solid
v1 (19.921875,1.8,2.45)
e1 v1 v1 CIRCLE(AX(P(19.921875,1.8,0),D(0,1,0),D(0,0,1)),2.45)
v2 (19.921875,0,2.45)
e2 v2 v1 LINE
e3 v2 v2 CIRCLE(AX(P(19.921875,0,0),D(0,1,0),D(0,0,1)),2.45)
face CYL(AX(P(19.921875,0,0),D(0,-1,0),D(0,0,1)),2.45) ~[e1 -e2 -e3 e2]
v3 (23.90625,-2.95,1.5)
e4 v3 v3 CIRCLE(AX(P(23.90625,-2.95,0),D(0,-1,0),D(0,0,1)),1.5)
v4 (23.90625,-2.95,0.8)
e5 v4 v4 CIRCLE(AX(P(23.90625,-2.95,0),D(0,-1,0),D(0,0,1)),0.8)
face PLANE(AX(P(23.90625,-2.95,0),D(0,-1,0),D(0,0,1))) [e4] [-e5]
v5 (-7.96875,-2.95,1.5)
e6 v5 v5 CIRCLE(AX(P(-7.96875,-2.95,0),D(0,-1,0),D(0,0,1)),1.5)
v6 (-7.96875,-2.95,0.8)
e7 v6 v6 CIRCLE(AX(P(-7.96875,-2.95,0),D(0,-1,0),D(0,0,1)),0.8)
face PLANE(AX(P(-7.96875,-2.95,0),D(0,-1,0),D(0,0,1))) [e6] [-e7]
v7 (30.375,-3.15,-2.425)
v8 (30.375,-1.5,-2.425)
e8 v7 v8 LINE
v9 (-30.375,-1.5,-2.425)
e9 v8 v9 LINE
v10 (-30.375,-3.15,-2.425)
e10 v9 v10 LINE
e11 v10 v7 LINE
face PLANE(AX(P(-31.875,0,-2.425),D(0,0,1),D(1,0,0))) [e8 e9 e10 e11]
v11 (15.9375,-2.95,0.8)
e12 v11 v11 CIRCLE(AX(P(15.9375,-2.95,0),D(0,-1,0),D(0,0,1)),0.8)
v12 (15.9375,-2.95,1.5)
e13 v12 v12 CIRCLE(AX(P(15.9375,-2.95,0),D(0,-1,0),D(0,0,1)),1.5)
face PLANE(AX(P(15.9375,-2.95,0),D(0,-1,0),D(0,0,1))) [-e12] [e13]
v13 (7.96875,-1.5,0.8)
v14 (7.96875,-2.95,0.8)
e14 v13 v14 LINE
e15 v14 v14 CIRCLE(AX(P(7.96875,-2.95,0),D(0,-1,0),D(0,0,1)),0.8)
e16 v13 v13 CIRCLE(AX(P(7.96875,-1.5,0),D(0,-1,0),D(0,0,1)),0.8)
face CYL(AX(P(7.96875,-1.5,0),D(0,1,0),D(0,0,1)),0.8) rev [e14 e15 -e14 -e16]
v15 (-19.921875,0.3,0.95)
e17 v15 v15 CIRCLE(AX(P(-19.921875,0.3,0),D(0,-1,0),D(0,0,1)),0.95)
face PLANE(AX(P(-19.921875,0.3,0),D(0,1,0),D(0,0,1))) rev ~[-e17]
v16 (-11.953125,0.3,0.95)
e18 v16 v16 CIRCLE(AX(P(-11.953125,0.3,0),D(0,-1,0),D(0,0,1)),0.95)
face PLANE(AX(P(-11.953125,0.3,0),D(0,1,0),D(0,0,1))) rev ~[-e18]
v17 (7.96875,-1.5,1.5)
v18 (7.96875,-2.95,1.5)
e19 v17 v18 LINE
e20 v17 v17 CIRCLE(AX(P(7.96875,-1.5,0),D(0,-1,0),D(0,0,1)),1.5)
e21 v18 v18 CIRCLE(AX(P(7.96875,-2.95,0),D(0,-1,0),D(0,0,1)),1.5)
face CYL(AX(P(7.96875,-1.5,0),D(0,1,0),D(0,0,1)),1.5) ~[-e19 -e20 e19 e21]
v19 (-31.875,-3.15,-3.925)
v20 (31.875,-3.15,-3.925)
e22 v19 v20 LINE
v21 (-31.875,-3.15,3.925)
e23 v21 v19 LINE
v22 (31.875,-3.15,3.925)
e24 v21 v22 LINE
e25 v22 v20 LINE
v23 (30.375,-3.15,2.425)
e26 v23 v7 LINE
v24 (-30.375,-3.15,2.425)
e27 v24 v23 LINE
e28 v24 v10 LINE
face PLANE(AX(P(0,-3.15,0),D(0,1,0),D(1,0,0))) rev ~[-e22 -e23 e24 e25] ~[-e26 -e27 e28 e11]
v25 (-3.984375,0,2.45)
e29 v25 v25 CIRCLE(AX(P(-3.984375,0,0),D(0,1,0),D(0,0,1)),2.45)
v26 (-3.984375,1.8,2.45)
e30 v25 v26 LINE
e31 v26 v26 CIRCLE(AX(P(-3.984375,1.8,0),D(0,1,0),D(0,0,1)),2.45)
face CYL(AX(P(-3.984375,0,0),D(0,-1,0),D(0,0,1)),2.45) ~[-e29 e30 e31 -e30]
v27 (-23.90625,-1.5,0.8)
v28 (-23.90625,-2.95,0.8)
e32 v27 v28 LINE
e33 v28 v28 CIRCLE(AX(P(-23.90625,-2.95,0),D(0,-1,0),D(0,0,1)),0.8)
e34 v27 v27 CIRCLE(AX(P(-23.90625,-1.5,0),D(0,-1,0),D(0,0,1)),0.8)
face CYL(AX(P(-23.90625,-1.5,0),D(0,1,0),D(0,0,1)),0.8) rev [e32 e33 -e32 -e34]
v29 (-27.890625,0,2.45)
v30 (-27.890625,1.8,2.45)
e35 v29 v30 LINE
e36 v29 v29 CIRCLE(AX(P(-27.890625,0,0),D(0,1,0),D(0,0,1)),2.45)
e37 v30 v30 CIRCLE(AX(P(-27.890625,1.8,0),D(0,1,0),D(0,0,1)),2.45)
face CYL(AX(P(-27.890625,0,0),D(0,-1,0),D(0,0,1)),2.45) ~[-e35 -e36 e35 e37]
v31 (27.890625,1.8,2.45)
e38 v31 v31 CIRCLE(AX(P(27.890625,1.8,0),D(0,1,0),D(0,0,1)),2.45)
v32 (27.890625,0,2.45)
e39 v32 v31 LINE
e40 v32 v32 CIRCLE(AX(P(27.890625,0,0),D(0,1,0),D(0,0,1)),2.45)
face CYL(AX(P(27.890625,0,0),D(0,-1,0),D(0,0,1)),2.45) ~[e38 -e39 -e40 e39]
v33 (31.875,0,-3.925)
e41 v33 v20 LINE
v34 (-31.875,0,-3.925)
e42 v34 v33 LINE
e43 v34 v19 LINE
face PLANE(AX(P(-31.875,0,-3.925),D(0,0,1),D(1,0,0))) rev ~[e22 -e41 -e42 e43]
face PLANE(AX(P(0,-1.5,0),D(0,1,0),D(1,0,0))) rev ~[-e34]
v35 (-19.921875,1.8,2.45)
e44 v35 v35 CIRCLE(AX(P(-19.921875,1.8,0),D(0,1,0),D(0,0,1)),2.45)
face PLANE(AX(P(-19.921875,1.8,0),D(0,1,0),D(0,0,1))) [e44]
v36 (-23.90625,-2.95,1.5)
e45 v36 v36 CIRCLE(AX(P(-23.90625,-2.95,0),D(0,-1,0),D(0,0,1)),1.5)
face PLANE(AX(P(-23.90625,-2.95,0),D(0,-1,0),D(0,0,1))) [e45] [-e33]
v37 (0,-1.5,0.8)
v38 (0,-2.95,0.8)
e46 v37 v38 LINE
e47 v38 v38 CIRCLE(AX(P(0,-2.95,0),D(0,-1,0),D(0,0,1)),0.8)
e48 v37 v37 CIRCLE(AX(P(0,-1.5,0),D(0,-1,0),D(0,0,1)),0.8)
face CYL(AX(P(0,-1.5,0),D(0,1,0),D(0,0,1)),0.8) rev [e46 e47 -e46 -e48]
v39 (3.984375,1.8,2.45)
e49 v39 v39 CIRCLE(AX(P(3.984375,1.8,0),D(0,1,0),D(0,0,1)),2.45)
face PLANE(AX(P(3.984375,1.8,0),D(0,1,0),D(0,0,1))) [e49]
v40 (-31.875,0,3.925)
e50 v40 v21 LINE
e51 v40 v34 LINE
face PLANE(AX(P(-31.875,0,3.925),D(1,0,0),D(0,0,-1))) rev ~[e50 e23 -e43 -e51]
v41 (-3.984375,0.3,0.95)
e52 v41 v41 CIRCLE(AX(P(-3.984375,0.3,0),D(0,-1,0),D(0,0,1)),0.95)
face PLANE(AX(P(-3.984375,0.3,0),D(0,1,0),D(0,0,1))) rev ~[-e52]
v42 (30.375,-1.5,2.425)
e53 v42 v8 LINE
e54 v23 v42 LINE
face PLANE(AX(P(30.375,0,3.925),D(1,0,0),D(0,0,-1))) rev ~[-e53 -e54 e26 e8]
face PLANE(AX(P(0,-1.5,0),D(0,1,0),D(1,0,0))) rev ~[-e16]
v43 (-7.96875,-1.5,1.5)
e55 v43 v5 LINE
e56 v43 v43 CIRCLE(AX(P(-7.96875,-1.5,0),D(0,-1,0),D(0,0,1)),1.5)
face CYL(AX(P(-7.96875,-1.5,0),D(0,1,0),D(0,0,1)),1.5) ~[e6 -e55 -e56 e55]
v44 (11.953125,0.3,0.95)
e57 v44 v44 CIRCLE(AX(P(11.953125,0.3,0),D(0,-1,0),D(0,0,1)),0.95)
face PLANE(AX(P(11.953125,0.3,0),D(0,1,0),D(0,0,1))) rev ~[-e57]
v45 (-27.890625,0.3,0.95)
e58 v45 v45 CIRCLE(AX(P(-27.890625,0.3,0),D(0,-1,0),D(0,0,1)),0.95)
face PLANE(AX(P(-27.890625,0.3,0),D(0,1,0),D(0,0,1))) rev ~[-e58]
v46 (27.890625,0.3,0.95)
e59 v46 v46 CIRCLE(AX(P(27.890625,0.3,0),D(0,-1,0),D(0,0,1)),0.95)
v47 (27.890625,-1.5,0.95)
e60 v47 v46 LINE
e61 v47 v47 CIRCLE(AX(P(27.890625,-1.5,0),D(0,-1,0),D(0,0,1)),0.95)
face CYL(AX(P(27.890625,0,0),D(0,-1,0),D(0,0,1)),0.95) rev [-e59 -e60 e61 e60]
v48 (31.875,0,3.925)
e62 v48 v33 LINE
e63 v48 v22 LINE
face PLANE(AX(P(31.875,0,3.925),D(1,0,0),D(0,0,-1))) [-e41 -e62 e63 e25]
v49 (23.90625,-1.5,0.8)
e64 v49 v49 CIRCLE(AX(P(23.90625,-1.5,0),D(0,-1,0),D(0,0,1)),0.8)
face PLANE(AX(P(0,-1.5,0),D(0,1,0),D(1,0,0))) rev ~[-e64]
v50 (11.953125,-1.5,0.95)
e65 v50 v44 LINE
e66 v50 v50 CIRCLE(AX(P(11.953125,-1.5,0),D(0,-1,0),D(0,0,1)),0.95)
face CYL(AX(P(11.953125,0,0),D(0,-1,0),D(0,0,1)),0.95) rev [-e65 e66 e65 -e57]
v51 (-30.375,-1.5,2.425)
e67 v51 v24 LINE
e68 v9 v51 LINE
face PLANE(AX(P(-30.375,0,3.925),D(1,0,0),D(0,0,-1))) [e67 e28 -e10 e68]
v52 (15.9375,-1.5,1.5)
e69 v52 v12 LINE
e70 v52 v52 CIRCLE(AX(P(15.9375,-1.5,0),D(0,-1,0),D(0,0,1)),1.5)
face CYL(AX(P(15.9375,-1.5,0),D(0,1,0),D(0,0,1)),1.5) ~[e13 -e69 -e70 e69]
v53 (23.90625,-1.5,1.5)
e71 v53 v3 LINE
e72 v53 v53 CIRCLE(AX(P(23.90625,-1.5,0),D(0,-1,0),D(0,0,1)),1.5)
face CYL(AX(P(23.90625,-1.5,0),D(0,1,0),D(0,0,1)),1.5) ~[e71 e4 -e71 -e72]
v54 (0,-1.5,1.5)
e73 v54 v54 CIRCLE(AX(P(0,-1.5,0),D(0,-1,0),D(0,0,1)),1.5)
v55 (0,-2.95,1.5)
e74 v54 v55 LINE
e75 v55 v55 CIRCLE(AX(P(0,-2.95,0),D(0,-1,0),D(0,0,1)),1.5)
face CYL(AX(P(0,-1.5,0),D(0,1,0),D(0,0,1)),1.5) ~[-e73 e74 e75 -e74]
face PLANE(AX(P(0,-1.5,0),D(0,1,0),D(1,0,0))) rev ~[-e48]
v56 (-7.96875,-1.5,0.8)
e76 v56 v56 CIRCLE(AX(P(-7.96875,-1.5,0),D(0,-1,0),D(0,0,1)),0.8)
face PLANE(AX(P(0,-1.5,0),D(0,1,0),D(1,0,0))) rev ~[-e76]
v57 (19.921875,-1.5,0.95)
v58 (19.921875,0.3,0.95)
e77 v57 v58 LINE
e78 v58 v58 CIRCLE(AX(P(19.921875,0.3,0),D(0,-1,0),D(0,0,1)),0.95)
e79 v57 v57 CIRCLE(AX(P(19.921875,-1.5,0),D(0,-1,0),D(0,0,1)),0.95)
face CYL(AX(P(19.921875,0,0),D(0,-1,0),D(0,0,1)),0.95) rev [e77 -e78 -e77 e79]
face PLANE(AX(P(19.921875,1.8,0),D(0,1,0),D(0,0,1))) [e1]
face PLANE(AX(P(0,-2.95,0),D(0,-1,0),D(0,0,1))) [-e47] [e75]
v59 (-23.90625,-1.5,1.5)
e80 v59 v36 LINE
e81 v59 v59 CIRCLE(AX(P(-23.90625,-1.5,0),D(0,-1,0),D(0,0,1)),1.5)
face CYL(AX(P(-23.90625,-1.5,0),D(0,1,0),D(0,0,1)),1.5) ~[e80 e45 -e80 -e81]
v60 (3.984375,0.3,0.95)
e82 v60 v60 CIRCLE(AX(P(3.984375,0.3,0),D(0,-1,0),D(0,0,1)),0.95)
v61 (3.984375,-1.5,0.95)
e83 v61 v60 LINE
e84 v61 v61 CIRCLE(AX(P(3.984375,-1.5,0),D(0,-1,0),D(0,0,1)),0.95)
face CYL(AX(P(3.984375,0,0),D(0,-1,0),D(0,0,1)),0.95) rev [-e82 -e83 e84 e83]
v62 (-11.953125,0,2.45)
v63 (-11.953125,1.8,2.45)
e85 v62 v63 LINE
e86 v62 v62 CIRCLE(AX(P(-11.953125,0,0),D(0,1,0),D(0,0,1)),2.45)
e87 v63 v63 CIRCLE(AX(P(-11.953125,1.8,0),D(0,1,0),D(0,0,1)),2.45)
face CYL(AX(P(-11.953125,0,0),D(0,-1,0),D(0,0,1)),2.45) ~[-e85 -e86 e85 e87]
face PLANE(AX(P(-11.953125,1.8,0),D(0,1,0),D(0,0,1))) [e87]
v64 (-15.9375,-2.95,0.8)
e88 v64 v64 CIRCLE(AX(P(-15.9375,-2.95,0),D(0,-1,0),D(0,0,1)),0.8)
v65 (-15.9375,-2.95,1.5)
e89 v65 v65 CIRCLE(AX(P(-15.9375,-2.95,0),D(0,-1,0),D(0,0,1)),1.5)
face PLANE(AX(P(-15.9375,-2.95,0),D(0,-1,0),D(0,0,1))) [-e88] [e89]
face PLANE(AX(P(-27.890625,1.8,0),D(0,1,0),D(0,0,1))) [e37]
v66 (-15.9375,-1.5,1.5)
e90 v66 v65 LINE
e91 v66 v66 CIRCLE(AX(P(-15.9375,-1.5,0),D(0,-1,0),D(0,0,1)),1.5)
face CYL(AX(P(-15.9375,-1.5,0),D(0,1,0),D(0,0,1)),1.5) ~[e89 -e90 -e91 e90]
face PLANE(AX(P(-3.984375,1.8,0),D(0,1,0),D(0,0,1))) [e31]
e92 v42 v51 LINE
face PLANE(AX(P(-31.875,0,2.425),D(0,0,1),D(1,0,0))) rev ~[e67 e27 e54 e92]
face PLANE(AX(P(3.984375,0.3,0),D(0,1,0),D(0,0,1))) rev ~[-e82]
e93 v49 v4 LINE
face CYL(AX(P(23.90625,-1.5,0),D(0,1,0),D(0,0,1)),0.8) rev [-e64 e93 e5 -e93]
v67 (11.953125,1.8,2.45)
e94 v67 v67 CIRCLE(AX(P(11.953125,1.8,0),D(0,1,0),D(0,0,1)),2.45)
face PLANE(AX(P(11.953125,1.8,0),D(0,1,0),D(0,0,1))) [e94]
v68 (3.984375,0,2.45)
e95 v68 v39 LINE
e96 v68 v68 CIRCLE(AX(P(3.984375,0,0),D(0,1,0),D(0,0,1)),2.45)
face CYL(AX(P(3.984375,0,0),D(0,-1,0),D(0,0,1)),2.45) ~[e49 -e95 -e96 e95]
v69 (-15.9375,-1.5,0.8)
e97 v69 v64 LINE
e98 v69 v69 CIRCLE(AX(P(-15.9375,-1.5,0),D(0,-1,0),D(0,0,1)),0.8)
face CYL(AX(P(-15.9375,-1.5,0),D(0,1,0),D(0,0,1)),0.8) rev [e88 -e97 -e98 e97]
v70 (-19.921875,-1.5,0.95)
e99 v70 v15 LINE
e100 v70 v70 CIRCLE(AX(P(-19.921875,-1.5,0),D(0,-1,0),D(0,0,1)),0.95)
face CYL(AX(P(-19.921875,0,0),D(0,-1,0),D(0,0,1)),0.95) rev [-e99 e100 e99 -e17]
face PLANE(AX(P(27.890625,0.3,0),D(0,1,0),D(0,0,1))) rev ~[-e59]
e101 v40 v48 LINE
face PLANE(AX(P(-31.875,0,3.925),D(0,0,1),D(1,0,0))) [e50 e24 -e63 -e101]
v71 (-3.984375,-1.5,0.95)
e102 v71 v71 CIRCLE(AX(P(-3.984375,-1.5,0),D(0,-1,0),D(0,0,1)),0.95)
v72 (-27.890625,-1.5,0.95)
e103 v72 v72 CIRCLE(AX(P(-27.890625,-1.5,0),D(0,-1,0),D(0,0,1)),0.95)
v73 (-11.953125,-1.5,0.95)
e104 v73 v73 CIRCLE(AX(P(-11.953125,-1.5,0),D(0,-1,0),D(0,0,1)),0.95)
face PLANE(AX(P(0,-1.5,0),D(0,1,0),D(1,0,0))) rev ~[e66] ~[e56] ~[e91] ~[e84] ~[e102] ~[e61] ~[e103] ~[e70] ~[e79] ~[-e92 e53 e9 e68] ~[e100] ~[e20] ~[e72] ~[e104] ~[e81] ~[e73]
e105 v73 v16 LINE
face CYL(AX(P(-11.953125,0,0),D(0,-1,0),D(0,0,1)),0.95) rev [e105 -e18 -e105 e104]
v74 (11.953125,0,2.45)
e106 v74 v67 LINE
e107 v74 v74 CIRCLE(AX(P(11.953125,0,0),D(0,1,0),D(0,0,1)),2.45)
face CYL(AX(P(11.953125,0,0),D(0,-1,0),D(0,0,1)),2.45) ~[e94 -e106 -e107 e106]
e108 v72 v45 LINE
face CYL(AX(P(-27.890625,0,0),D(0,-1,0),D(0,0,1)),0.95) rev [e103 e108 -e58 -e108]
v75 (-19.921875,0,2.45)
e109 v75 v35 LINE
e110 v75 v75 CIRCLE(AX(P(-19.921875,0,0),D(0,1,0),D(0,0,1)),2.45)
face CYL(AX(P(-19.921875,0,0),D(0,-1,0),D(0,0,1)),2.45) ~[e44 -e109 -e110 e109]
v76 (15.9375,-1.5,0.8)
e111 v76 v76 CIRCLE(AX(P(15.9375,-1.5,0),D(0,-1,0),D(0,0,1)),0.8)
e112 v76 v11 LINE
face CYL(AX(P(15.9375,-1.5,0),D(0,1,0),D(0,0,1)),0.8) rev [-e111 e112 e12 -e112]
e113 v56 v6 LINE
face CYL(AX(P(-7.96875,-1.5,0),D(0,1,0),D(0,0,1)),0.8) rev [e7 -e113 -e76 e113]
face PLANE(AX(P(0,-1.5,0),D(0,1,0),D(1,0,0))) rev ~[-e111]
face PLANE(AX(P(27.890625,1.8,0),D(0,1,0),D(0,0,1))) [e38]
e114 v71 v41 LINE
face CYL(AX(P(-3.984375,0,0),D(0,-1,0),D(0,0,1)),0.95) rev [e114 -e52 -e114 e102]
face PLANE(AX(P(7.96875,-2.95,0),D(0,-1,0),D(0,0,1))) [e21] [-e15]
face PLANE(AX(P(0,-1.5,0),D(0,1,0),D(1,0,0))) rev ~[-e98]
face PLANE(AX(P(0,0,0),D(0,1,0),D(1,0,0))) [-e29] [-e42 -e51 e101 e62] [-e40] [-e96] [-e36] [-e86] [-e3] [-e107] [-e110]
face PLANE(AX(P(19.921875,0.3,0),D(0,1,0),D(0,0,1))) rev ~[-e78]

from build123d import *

# Parameters (mm, degrees)
SKETCH2_W           = 63.75
SKETCH2_H           = 7.85
BOSS_EXTRUDE1_DEPTH = 3.15
SKETCH3_R           = 2.45
BOSS_EXTRUDE2_DEPTH = 1.8
SHELL1_T            = -1.5
SKETCH4_R           = 1.5
SKETCH4_R_2         = 0.8
BOSS_EXTRUDE3_DEPTH = 1.45


with BuildPart() as part:
    # Sketch2 → Boss-Extrude1 (new body)
    with BuildSketch(Plane(origin=(0, 0, 0), x_dir=(1, 0, 0), z_dir=(0, 1, 0))):
        Rectangle(SKETCH2_W, SKETCH2_H)
    extrude(amount=-BOSS_EXTRUDE1_DEPTH)

    # Sketch3 → Boss-Extrude2 (add)
    with BuildSketch(Plane(origin=(0, 0, 0), x_dir=(1, 0, 0), z_dir=(0, 1, 0))):
        with Locations(Location((-27.890625, 0, 0), (0, 0, 270))):
            Circle(SKETCH3_R)
        with Locations(Location((-19.921875, 0, 0), (0, 0, 270))):
            Circle(SKETCH3_R)
        with Locations(Location((-11.953125, 0, 0), (0, 0, 270))):
            Circle(SKETCH3_R)
        with Locations(Location((-3.984375, 0, 0), (0, 0, 270))):
            Circle(SKETCH3_R)
        with Locations(Location((3.984375, 0, 0), (0, 0, 270))):
            Circle(SKETCH3_R)
        with Locations(Location((11.953125, 0, 0), (0, 0, 270))):
            Circle(SKETCH3_R)
        with Locations(Location((19.921875, 0, 0), (0, 0, 270))):
            Circle(SKETCH3_R)
        with Locations(Location((27.890625, 0, 0), (0, 0, 270))):
            Circle(SKETCH3_R)
    extrude(amount=BOSS_EXTRUDE2_DEPTH)

    # Shell1
    shell1_openings = [part.faces().sort_by_distance(p)[0] for p in [
        (0, -3.15, 0),
    ]]
    offset(amount=SHELL1_T, openings=shell1_openings, kind=Kind.INTERSECTION)

    # Sketch4 → Boss-Extrude3 (add)
    # profile 1 of 7: a face of its own
    with BuildSketch(Plane.XZ.offset(1.5)):
        with Locations(Location((-23.90625, 0, 0), (0, 0, 90))):
            Circle(SKETCH4_R)
        with Locations(Location((-23.90625, 0, 0), (0, 0, 90))):
            Circle(SKETCH4_R_2, mode=Mode.SUBTRACT)
    # profile 2 of 7: a face of its own
    with BuildSketch(Plane.XZ.offset(1.5)):
        with Locations(Location((-15.9375, 0, 0), (0, 0, 90))):
            Circle(SKETCH4_R)
        with Locations(Location((-15.9375, 0, 0), (0, 0, 90))):
            Circle(SKETCH4_R_2, mode=Mode.SUBTRACT)
    # profile 3 of 7: a face of its own
    with BuildSketch(Plane.XZ.offset(1.5)):
        with Locations(Location((-7.96875, 0, 0), (0, 0, 90))):
            Circle(SKETCH4_R)
        with Locations(Location((-7.96875, 0, 0), (0, 0, 90))):
            Circle(SKETCH4_R_2, mode=Mode.SUBTRACT)
    # profile 4 of 7: a face of its own
    with BuildSketch(Plane.XZ.offset(1.5)):
        with Locations(Location((0, 0, 0), (0, 0, 90))):
            Circle(SKETCH4_R)
        with Locations(Location((0, 0, 0), (0, 0, 90))):
            Circle(SKETCH4_R_2, mode=Mode.SUBTRACT)
    # profile 5 of 7: a face of its own
    with BuildSketch(Plane.XZ.offset(1.5)):
        with Locations(Location((7.96875, 0, 0), (0, 0, 90))):
            Circle(SKETCH4_R)
        with Locations(Location((7.96875, 0, 0), (0, 0, 90))):
            Circle(SKETCH4_R_2, mode=Mode.SUBTRACT)
    # profile 6 of 7: a face of its own
    with BuildSketch(Plane.XZ.offset(1.5)):
        with Locations(Location((15.9375, 0, 0), (0, 0, 90))):
            Circle(SKETCH4_R)
        with Locations(Location((15.9375, 0, 0), (0, 0, 90))):
            Circle(SKETCH4_R_2, mode=Mode.SUBTRACT)
    # profile 7 of 7: a face of its own
    with BuildSketch(Plane.XZ.offset(1.5)):
        with Locations(Location((23.90625, 0, 0), (0, 0, 90))):
            Circle(SKETCH4_R)
        with Locations(Location((23.90625, 0, 0), (0, 0, 90))):
            Circle(SKETCH4_R_2, mode=Mode.SUBTRACT)
    extrude(amount=BOSS_EXTRUDE3_DEPTH)


solid = part.part
